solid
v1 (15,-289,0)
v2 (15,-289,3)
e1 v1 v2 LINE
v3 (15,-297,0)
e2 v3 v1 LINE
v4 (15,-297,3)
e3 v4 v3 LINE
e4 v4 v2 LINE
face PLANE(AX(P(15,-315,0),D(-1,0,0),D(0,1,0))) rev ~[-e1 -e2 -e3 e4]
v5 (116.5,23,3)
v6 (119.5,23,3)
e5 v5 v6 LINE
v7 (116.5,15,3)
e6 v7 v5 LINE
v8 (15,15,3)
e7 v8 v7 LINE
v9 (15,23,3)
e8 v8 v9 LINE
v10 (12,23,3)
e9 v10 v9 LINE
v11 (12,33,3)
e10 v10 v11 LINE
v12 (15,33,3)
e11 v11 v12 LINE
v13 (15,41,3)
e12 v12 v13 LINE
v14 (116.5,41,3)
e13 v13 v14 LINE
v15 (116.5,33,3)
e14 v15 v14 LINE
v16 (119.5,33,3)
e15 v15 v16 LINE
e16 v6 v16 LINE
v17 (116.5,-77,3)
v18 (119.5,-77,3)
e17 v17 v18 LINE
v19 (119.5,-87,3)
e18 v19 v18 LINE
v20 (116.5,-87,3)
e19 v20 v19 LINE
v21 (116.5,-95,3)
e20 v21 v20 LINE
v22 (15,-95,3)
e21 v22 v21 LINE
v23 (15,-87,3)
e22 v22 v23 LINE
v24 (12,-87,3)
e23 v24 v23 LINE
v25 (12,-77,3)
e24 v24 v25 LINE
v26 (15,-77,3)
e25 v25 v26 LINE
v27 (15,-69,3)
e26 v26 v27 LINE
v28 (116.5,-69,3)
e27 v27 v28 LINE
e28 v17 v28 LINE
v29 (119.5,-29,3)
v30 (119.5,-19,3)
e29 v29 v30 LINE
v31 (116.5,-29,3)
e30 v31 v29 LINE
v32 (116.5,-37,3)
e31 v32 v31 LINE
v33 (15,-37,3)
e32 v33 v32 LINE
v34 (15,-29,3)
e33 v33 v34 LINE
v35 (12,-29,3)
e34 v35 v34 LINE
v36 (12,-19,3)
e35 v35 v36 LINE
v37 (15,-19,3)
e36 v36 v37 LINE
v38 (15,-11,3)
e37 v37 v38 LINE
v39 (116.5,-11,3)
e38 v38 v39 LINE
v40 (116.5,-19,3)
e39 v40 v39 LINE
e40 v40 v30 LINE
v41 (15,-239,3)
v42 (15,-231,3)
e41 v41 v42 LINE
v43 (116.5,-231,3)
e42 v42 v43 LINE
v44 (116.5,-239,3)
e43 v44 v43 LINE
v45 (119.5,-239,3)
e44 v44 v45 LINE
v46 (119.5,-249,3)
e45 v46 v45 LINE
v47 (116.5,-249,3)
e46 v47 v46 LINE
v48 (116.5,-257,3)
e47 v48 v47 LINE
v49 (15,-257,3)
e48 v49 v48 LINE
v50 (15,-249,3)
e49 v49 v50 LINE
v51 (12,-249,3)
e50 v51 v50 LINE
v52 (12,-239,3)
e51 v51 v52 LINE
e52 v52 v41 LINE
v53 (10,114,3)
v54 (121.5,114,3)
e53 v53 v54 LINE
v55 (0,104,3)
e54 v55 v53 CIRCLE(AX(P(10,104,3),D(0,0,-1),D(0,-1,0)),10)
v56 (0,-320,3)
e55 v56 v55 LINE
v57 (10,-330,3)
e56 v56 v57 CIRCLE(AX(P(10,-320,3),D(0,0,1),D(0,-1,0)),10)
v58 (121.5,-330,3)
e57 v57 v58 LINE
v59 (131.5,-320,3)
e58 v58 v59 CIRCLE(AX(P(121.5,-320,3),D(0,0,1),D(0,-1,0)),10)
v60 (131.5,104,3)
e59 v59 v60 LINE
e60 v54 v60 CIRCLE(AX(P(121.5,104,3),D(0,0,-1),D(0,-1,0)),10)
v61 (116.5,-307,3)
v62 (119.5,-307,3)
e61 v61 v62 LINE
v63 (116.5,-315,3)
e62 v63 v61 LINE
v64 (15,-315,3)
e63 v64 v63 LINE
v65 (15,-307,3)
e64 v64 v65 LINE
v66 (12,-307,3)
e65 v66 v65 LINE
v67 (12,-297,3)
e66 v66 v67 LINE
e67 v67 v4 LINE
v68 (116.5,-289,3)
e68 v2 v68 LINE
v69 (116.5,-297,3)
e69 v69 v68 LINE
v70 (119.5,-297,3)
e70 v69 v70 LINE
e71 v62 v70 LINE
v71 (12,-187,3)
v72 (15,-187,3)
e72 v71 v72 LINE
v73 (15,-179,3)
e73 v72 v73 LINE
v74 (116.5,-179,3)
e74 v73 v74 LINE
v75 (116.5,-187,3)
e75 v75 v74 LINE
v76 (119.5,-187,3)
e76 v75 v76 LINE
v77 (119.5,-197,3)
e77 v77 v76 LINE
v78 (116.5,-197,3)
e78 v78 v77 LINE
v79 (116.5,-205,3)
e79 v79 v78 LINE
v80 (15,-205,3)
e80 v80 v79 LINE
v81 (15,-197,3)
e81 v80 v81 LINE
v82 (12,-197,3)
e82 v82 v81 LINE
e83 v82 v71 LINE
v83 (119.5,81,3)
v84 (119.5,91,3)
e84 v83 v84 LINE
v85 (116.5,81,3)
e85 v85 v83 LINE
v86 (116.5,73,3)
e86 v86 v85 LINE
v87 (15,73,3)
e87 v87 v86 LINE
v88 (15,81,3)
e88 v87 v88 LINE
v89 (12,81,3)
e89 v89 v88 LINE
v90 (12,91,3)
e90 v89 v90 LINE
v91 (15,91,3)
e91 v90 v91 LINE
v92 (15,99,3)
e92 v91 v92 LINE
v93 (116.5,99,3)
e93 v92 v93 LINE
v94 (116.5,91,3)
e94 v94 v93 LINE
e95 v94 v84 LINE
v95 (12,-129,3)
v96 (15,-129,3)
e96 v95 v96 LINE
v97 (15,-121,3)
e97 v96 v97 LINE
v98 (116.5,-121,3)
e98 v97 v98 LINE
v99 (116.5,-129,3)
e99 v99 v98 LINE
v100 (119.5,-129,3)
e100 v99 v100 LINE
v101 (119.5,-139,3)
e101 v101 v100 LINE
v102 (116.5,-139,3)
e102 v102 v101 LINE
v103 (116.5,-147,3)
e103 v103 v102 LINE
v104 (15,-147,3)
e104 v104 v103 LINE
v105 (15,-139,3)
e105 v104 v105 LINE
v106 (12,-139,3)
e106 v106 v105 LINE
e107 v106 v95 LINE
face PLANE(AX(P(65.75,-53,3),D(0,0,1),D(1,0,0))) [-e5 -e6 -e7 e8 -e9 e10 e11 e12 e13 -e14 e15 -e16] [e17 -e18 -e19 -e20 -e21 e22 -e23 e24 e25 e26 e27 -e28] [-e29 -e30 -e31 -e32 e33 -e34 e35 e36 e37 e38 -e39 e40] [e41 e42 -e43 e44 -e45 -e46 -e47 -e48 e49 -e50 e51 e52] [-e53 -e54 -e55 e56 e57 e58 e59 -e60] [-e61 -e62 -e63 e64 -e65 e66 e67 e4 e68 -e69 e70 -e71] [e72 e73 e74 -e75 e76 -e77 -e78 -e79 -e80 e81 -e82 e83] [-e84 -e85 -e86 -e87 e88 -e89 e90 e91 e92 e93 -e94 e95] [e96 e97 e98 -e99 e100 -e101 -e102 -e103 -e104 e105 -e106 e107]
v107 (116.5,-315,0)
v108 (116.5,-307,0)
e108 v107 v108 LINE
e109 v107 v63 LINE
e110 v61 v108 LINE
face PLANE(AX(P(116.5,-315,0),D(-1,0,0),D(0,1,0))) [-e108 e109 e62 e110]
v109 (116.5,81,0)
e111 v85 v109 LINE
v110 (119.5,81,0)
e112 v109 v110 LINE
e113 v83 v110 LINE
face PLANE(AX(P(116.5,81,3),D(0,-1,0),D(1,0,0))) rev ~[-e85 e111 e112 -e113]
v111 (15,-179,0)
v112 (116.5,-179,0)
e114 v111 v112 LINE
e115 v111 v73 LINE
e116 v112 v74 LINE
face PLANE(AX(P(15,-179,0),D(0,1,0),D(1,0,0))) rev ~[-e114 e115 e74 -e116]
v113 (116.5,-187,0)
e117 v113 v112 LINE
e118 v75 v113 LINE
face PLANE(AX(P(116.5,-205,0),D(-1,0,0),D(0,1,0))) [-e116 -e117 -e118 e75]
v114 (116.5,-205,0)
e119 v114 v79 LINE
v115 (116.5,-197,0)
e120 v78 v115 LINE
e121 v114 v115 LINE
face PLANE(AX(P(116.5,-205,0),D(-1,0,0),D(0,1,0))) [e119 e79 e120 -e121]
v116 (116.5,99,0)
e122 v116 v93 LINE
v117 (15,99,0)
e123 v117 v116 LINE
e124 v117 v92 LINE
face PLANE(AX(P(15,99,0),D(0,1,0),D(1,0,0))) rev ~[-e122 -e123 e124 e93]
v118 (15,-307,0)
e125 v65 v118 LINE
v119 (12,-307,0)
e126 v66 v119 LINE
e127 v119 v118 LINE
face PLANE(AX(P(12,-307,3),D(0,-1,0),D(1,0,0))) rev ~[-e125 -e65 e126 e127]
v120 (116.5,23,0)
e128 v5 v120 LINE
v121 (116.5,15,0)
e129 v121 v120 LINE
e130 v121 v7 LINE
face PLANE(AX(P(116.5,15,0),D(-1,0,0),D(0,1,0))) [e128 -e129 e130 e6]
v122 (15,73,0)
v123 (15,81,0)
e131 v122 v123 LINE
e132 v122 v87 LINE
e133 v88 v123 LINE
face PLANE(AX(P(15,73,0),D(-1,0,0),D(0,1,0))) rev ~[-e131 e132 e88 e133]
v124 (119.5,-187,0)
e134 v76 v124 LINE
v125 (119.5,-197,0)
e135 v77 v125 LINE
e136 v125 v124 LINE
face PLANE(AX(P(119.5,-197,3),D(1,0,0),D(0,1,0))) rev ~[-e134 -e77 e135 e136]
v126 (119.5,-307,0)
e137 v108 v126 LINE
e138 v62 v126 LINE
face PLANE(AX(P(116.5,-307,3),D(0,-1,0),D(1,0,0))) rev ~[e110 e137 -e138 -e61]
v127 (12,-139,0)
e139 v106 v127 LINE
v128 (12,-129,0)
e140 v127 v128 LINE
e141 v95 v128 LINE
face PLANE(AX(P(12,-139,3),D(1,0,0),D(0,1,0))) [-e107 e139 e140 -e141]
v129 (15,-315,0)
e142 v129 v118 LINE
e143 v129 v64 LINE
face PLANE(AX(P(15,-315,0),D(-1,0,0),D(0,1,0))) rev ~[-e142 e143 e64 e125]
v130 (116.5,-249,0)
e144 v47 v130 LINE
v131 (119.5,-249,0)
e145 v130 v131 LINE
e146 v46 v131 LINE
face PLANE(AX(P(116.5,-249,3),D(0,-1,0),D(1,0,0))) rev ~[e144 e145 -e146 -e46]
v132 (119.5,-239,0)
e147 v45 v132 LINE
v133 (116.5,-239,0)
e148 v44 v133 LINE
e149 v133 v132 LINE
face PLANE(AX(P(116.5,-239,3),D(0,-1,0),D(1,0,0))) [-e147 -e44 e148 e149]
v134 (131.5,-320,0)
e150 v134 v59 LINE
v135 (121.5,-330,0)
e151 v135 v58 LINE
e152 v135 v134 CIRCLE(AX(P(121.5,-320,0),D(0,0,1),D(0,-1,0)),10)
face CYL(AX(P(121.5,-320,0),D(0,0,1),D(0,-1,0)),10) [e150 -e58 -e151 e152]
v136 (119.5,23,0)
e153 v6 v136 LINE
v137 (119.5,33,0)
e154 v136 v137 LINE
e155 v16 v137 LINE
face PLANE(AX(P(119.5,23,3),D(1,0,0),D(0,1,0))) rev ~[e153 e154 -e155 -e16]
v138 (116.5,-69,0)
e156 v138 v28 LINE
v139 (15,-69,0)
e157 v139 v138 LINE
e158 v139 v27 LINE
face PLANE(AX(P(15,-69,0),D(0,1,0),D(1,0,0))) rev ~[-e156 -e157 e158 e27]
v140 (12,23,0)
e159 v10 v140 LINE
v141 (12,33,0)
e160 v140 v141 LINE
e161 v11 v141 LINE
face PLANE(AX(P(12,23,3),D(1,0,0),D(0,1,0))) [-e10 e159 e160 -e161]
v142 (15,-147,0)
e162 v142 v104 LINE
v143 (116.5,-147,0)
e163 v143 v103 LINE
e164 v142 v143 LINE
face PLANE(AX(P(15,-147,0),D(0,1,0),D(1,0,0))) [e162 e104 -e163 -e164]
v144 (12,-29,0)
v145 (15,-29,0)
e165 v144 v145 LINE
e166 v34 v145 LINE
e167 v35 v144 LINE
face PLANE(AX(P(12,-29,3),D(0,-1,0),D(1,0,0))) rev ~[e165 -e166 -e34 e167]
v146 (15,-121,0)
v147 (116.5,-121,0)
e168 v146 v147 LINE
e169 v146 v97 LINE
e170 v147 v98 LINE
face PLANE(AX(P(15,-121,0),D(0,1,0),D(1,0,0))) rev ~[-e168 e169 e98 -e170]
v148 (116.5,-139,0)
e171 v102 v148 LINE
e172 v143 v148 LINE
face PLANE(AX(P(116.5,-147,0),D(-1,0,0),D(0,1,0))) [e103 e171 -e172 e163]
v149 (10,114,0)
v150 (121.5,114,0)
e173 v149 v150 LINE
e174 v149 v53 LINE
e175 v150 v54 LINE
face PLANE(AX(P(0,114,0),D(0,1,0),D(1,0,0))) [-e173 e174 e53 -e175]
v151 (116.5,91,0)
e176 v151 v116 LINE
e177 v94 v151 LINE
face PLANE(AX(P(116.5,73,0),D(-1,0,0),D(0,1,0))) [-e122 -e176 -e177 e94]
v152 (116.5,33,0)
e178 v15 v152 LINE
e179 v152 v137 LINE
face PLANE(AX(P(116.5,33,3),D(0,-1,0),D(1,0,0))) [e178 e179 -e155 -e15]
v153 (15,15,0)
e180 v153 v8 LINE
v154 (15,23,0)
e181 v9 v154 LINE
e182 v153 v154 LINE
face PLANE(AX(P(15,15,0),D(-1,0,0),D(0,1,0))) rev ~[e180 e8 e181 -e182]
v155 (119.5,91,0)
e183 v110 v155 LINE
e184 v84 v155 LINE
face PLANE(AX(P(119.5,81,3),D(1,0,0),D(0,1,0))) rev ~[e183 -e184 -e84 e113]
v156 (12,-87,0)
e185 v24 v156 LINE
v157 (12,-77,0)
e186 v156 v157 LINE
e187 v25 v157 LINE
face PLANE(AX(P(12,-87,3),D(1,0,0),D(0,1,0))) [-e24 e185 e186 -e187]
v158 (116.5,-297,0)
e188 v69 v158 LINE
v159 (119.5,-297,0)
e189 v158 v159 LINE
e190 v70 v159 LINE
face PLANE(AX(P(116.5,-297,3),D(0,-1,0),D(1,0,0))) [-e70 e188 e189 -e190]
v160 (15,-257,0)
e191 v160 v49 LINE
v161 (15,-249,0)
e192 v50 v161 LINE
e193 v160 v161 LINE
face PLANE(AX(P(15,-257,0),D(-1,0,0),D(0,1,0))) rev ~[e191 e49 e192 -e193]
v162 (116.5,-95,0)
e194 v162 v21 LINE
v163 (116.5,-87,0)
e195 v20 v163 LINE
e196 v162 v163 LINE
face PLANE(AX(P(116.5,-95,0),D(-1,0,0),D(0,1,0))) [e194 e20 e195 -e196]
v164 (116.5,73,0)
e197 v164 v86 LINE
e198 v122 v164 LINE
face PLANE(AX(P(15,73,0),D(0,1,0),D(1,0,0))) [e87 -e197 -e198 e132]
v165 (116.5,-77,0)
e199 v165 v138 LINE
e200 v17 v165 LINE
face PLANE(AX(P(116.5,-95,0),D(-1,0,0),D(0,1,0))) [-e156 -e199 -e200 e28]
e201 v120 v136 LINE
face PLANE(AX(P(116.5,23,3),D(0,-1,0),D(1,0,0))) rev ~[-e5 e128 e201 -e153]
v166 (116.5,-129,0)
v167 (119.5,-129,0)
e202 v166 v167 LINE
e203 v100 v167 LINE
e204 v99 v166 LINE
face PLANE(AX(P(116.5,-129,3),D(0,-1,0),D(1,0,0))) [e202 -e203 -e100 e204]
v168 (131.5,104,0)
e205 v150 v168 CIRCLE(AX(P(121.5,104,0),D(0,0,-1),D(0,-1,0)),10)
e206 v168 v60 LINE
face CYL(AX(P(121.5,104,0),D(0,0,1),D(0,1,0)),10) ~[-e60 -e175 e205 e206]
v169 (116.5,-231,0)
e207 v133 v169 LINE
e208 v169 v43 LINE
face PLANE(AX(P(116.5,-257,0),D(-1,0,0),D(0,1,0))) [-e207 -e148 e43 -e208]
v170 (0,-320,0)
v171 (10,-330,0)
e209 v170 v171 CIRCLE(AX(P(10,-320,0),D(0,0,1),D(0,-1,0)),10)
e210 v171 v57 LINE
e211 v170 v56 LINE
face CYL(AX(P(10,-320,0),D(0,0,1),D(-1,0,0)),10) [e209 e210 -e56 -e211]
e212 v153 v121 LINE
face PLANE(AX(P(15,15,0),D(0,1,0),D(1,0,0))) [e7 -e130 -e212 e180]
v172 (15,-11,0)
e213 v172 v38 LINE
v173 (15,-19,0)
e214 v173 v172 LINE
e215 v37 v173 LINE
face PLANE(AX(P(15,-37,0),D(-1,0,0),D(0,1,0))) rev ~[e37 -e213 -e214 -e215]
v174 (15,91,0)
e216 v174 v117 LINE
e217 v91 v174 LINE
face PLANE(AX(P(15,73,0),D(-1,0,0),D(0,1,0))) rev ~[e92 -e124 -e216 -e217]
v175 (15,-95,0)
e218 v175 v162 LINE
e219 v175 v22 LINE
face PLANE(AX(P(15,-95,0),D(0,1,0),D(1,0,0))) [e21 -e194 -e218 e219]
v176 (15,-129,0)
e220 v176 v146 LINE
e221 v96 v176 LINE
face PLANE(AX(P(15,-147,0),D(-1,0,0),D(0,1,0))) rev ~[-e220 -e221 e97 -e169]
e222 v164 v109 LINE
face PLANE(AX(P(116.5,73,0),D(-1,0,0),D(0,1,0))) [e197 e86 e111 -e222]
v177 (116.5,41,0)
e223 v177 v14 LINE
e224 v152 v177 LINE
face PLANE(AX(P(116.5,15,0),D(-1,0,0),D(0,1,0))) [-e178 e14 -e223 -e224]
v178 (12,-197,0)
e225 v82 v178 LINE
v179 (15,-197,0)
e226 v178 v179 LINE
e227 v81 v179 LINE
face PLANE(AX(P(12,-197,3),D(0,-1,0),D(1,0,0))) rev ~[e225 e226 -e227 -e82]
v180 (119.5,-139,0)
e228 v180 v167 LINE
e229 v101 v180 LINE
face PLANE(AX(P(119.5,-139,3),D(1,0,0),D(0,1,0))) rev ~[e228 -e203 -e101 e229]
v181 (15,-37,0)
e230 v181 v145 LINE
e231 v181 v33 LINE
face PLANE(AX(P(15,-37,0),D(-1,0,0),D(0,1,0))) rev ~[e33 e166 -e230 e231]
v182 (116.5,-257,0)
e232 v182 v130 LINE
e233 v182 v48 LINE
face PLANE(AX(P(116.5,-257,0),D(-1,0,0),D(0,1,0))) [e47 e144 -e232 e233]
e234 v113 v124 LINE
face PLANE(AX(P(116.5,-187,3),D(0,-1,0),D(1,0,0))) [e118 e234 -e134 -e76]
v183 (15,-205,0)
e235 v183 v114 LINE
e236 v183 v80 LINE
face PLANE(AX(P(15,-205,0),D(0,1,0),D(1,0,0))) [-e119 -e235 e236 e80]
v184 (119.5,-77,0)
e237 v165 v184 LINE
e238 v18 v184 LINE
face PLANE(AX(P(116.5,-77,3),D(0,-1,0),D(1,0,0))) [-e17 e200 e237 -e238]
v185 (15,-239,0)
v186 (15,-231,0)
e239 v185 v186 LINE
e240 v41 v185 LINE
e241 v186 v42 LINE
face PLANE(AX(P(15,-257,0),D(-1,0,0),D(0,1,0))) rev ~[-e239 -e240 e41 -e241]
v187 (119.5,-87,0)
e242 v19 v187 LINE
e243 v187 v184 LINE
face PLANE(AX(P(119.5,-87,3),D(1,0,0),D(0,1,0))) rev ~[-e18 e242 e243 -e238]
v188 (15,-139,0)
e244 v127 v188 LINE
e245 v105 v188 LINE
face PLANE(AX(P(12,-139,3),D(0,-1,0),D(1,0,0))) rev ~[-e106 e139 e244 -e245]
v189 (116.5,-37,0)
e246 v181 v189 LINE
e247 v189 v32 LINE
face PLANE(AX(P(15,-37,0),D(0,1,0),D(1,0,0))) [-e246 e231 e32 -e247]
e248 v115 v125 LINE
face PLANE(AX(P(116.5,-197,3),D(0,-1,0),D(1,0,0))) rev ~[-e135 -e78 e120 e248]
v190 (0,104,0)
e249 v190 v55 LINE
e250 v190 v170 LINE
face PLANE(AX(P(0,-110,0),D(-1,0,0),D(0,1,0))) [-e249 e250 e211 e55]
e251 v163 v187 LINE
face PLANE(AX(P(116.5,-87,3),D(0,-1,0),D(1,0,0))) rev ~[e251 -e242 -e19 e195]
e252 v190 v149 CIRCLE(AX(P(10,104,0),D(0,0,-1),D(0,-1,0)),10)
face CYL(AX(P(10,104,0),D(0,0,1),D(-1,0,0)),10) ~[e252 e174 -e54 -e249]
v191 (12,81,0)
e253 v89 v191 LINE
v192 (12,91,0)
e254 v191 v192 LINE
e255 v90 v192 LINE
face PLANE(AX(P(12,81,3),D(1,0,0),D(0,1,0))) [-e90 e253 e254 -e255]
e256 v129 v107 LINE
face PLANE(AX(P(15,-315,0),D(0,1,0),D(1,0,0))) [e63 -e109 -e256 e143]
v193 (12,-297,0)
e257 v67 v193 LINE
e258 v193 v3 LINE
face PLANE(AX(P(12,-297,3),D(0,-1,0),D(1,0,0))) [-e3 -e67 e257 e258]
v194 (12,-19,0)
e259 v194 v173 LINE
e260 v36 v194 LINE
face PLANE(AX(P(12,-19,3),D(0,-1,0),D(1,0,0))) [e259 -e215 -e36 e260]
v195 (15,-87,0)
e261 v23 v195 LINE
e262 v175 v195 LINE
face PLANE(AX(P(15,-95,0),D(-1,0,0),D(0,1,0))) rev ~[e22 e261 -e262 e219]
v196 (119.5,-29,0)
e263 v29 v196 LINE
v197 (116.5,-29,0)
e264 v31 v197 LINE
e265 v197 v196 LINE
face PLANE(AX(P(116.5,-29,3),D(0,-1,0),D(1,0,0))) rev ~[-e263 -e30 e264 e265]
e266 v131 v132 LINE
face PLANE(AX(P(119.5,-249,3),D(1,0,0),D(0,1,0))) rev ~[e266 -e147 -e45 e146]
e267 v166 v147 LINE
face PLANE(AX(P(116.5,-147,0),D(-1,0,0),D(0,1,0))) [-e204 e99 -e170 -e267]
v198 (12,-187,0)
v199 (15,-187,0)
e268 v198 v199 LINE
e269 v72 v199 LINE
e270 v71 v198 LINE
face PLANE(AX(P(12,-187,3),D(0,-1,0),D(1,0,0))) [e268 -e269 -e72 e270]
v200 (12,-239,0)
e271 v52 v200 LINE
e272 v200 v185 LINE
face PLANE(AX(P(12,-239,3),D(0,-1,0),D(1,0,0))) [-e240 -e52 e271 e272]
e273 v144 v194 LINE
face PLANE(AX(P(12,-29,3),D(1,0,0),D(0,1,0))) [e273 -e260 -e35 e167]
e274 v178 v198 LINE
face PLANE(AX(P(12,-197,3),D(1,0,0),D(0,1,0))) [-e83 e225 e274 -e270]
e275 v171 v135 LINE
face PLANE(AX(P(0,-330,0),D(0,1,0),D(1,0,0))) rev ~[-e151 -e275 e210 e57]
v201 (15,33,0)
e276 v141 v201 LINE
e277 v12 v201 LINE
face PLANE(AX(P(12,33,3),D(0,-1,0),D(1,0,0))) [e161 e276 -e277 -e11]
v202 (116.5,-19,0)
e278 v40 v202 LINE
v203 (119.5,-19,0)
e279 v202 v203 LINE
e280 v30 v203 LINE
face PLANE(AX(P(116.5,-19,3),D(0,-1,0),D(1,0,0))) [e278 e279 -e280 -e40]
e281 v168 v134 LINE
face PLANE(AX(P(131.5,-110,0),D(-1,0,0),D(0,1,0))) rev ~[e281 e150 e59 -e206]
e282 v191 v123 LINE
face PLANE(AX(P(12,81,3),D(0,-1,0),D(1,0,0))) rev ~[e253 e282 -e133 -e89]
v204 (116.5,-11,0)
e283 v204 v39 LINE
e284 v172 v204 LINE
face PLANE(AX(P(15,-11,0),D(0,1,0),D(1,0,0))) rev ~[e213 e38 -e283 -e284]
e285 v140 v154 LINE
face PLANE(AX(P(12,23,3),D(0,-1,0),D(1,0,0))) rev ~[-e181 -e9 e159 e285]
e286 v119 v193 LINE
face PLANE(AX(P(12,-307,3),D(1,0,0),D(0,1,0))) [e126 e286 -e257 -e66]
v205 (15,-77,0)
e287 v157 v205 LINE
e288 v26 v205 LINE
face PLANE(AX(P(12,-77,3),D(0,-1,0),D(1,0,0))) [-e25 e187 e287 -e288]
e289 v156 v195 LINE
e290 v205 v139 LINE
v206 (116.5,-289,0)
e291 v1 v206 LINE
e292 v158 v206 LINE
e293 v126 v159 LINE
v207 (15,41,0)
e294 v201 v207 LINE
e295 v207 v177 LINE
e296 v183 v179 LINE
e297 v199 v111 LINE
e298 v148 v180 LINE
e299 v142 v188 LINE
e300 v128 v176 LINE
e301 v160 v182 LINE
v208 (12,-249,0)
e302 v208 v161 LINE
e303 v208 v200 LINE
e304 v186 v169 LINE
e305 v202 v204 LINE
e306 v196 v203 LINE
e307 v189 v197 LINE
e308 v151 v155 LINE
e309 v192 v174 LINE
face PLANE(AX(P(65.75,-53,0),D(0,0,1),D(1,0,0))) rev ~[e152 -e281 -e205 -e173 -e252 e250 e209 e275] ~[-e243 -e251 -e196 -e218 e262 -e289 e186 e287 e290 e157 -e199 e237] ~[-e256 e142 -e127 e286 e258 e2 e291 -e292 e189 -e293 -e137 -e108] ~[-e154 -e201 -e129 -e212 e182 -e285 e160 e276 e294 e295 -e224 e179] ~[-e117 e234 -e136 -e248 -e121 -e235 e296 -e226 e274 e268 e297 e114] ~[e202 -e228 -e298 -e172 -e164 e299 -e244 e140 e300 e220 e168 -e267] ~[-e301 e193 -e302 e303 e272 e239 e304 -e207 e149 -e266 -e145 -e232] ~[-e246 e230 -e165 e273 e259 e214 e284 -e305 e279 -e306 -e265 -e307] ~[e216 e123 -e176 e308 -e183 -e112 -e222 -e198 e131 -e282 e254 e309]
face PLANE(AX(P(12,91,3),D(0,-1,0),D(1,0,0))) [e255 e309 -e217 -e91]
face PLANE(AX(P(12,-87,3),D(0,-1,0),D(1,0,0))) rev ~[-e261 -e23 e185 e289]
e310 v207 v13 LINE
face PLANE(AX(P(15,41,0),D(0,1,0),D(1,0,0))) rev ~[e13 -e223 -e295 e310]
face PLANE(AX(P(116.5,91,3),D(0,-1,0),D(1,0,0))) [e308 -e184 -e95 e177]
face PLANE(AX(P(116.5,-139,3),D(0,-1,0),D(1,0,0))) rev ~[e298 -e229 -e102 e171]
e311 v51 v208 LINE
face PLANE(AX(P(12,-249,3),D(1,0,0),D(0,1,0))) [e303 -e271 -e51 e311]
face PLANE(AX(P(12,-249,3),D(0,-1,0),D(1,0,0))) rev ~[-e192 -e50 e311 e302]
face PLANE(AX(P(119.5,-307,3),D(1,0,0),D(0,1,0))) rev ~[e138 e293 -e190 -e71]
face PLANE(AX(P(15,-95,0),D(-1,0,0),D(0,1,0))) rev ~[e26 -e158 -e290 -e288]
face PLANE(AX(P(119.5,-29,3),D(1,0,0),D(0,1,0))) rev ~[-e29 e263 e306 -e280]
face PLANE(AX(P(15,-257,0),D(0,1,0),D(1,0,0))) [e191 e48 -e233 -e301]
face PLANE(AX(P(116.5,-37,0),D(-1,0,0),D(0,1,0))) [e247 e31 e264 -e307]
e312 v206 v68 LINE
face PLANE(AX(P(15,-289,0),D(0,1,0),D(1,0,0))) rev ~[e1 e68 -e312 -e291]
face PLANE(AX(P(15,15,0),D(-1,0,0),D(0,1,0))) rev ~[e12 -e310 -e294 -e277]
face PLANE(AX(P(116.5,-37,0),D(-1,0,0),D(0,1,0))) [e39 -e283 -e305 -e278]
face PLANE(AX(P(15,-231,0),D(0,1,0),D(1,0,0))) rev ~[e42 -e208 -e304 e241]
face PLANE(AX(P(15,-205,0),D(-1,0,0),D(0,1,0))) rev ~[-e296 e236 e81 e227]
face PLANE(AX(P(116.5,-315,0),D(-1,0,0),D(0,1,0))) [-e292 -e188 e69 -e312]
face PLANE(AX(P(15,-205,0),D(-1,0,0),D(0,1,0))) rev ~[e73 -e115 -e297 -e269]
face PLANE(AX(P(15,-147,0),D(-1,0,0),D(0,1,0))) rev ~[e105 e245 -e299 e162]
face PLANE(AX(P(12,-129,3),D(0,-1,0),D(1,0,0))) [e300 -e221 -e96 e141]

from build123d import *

# Parameters (mm, degrees)
SKIZZE1_W                       = 131.5
SKIZZE1_H                       = 114
SKIZZE1_W_2                     = 101.5
SKIZZE1_H_2                     = 26
AUFSATZ_LINEAR_AUSTRAGEN1_DEPTH = 3
SKIZZE2_W                       = 3
SKIZZE2_H                       = 10
SCHNITT_LINEAR_AUSTRAGEN2_DEPTH = 3
LINEARES_MUSTER2_COUNT          = 4
LINEARES_MUSTER2_PITCH          = 110
VERRUNDUNG1_R                   = 10


with BuildPart() as part:
    # Skizze1 → Aufsatz-Linear austragen1 (new body)
    with BuildSketch(Plane.XY):
        with Locations((65.75, 57)):
            Rectangle(SKIZZE1_W, SKIZZE1_H)
        with Locations((65.75, 28)):
            Rectangle(SKIZZE1_W_2, SKIZZE1_H_2, mode=Mode.SUBTRACT)
        with Locations((65.75, 86)):
            Rectangle(SKIZZE1_W_2, SKIZZE1_H_2, mode=Mode.SUBTRACT)
    aufsatz_linear_austragen1 = extrude(amount=AUFSATZ_LINEAR_AUSTRAGEN1_DEPTH)

    # Skizze2 → Schnitt-Linear austragen2 (cut)
    with BuildSketch(Plane.XY.offset(3)):
        with Locations((13.5, 86)):
            Rectangle(SKIZZE2_W, SKIZZE2_H)
        with Locations((118, 86)):
            Rectangle(SKIZZE2_W, SKIZZE2_H)
        with Locations((13.5, 28)):
            Rectangle(SKIZZE2_W, SKIZZE2_H)
        with Locations((118, 28)):
            Rectangle(SKIZZE2_W, SKIZZE2_H)
    schnitt_linear_austragen2 = extrude(amount=-SCHNITT_LINEAR_AUSTRAGEN2_DEPTH, mode=Mode.SUBTRACT)

    # Lineares Muster2: Aufsatz-Linear austragen1, Schnitt-Linear austragen2 ×4
    with Locations(*[(0, -i * LINEARES_MUSTER2_PITCH, 0) for i in range(1, LINEARES_MUSTER2_COUNT)]):
        add(aufsatz_linear_austragen1)
        add(schnitt_linear_austragen2, mode=Mode.SUBTRACT)

    # Verrundung1
    verrundung1_edges = [part.edges().sort_by_distance(p)[0] for p in [
        (131.5, -330, 1.5),
        (0, -330, 1.5),
        (0, 114, 1.5),
        (131.5, 114, 1.5),
    ]]
    fillet(verrundung1_edges, radius=VERRUNDUNG1_R)


solid = part.part
